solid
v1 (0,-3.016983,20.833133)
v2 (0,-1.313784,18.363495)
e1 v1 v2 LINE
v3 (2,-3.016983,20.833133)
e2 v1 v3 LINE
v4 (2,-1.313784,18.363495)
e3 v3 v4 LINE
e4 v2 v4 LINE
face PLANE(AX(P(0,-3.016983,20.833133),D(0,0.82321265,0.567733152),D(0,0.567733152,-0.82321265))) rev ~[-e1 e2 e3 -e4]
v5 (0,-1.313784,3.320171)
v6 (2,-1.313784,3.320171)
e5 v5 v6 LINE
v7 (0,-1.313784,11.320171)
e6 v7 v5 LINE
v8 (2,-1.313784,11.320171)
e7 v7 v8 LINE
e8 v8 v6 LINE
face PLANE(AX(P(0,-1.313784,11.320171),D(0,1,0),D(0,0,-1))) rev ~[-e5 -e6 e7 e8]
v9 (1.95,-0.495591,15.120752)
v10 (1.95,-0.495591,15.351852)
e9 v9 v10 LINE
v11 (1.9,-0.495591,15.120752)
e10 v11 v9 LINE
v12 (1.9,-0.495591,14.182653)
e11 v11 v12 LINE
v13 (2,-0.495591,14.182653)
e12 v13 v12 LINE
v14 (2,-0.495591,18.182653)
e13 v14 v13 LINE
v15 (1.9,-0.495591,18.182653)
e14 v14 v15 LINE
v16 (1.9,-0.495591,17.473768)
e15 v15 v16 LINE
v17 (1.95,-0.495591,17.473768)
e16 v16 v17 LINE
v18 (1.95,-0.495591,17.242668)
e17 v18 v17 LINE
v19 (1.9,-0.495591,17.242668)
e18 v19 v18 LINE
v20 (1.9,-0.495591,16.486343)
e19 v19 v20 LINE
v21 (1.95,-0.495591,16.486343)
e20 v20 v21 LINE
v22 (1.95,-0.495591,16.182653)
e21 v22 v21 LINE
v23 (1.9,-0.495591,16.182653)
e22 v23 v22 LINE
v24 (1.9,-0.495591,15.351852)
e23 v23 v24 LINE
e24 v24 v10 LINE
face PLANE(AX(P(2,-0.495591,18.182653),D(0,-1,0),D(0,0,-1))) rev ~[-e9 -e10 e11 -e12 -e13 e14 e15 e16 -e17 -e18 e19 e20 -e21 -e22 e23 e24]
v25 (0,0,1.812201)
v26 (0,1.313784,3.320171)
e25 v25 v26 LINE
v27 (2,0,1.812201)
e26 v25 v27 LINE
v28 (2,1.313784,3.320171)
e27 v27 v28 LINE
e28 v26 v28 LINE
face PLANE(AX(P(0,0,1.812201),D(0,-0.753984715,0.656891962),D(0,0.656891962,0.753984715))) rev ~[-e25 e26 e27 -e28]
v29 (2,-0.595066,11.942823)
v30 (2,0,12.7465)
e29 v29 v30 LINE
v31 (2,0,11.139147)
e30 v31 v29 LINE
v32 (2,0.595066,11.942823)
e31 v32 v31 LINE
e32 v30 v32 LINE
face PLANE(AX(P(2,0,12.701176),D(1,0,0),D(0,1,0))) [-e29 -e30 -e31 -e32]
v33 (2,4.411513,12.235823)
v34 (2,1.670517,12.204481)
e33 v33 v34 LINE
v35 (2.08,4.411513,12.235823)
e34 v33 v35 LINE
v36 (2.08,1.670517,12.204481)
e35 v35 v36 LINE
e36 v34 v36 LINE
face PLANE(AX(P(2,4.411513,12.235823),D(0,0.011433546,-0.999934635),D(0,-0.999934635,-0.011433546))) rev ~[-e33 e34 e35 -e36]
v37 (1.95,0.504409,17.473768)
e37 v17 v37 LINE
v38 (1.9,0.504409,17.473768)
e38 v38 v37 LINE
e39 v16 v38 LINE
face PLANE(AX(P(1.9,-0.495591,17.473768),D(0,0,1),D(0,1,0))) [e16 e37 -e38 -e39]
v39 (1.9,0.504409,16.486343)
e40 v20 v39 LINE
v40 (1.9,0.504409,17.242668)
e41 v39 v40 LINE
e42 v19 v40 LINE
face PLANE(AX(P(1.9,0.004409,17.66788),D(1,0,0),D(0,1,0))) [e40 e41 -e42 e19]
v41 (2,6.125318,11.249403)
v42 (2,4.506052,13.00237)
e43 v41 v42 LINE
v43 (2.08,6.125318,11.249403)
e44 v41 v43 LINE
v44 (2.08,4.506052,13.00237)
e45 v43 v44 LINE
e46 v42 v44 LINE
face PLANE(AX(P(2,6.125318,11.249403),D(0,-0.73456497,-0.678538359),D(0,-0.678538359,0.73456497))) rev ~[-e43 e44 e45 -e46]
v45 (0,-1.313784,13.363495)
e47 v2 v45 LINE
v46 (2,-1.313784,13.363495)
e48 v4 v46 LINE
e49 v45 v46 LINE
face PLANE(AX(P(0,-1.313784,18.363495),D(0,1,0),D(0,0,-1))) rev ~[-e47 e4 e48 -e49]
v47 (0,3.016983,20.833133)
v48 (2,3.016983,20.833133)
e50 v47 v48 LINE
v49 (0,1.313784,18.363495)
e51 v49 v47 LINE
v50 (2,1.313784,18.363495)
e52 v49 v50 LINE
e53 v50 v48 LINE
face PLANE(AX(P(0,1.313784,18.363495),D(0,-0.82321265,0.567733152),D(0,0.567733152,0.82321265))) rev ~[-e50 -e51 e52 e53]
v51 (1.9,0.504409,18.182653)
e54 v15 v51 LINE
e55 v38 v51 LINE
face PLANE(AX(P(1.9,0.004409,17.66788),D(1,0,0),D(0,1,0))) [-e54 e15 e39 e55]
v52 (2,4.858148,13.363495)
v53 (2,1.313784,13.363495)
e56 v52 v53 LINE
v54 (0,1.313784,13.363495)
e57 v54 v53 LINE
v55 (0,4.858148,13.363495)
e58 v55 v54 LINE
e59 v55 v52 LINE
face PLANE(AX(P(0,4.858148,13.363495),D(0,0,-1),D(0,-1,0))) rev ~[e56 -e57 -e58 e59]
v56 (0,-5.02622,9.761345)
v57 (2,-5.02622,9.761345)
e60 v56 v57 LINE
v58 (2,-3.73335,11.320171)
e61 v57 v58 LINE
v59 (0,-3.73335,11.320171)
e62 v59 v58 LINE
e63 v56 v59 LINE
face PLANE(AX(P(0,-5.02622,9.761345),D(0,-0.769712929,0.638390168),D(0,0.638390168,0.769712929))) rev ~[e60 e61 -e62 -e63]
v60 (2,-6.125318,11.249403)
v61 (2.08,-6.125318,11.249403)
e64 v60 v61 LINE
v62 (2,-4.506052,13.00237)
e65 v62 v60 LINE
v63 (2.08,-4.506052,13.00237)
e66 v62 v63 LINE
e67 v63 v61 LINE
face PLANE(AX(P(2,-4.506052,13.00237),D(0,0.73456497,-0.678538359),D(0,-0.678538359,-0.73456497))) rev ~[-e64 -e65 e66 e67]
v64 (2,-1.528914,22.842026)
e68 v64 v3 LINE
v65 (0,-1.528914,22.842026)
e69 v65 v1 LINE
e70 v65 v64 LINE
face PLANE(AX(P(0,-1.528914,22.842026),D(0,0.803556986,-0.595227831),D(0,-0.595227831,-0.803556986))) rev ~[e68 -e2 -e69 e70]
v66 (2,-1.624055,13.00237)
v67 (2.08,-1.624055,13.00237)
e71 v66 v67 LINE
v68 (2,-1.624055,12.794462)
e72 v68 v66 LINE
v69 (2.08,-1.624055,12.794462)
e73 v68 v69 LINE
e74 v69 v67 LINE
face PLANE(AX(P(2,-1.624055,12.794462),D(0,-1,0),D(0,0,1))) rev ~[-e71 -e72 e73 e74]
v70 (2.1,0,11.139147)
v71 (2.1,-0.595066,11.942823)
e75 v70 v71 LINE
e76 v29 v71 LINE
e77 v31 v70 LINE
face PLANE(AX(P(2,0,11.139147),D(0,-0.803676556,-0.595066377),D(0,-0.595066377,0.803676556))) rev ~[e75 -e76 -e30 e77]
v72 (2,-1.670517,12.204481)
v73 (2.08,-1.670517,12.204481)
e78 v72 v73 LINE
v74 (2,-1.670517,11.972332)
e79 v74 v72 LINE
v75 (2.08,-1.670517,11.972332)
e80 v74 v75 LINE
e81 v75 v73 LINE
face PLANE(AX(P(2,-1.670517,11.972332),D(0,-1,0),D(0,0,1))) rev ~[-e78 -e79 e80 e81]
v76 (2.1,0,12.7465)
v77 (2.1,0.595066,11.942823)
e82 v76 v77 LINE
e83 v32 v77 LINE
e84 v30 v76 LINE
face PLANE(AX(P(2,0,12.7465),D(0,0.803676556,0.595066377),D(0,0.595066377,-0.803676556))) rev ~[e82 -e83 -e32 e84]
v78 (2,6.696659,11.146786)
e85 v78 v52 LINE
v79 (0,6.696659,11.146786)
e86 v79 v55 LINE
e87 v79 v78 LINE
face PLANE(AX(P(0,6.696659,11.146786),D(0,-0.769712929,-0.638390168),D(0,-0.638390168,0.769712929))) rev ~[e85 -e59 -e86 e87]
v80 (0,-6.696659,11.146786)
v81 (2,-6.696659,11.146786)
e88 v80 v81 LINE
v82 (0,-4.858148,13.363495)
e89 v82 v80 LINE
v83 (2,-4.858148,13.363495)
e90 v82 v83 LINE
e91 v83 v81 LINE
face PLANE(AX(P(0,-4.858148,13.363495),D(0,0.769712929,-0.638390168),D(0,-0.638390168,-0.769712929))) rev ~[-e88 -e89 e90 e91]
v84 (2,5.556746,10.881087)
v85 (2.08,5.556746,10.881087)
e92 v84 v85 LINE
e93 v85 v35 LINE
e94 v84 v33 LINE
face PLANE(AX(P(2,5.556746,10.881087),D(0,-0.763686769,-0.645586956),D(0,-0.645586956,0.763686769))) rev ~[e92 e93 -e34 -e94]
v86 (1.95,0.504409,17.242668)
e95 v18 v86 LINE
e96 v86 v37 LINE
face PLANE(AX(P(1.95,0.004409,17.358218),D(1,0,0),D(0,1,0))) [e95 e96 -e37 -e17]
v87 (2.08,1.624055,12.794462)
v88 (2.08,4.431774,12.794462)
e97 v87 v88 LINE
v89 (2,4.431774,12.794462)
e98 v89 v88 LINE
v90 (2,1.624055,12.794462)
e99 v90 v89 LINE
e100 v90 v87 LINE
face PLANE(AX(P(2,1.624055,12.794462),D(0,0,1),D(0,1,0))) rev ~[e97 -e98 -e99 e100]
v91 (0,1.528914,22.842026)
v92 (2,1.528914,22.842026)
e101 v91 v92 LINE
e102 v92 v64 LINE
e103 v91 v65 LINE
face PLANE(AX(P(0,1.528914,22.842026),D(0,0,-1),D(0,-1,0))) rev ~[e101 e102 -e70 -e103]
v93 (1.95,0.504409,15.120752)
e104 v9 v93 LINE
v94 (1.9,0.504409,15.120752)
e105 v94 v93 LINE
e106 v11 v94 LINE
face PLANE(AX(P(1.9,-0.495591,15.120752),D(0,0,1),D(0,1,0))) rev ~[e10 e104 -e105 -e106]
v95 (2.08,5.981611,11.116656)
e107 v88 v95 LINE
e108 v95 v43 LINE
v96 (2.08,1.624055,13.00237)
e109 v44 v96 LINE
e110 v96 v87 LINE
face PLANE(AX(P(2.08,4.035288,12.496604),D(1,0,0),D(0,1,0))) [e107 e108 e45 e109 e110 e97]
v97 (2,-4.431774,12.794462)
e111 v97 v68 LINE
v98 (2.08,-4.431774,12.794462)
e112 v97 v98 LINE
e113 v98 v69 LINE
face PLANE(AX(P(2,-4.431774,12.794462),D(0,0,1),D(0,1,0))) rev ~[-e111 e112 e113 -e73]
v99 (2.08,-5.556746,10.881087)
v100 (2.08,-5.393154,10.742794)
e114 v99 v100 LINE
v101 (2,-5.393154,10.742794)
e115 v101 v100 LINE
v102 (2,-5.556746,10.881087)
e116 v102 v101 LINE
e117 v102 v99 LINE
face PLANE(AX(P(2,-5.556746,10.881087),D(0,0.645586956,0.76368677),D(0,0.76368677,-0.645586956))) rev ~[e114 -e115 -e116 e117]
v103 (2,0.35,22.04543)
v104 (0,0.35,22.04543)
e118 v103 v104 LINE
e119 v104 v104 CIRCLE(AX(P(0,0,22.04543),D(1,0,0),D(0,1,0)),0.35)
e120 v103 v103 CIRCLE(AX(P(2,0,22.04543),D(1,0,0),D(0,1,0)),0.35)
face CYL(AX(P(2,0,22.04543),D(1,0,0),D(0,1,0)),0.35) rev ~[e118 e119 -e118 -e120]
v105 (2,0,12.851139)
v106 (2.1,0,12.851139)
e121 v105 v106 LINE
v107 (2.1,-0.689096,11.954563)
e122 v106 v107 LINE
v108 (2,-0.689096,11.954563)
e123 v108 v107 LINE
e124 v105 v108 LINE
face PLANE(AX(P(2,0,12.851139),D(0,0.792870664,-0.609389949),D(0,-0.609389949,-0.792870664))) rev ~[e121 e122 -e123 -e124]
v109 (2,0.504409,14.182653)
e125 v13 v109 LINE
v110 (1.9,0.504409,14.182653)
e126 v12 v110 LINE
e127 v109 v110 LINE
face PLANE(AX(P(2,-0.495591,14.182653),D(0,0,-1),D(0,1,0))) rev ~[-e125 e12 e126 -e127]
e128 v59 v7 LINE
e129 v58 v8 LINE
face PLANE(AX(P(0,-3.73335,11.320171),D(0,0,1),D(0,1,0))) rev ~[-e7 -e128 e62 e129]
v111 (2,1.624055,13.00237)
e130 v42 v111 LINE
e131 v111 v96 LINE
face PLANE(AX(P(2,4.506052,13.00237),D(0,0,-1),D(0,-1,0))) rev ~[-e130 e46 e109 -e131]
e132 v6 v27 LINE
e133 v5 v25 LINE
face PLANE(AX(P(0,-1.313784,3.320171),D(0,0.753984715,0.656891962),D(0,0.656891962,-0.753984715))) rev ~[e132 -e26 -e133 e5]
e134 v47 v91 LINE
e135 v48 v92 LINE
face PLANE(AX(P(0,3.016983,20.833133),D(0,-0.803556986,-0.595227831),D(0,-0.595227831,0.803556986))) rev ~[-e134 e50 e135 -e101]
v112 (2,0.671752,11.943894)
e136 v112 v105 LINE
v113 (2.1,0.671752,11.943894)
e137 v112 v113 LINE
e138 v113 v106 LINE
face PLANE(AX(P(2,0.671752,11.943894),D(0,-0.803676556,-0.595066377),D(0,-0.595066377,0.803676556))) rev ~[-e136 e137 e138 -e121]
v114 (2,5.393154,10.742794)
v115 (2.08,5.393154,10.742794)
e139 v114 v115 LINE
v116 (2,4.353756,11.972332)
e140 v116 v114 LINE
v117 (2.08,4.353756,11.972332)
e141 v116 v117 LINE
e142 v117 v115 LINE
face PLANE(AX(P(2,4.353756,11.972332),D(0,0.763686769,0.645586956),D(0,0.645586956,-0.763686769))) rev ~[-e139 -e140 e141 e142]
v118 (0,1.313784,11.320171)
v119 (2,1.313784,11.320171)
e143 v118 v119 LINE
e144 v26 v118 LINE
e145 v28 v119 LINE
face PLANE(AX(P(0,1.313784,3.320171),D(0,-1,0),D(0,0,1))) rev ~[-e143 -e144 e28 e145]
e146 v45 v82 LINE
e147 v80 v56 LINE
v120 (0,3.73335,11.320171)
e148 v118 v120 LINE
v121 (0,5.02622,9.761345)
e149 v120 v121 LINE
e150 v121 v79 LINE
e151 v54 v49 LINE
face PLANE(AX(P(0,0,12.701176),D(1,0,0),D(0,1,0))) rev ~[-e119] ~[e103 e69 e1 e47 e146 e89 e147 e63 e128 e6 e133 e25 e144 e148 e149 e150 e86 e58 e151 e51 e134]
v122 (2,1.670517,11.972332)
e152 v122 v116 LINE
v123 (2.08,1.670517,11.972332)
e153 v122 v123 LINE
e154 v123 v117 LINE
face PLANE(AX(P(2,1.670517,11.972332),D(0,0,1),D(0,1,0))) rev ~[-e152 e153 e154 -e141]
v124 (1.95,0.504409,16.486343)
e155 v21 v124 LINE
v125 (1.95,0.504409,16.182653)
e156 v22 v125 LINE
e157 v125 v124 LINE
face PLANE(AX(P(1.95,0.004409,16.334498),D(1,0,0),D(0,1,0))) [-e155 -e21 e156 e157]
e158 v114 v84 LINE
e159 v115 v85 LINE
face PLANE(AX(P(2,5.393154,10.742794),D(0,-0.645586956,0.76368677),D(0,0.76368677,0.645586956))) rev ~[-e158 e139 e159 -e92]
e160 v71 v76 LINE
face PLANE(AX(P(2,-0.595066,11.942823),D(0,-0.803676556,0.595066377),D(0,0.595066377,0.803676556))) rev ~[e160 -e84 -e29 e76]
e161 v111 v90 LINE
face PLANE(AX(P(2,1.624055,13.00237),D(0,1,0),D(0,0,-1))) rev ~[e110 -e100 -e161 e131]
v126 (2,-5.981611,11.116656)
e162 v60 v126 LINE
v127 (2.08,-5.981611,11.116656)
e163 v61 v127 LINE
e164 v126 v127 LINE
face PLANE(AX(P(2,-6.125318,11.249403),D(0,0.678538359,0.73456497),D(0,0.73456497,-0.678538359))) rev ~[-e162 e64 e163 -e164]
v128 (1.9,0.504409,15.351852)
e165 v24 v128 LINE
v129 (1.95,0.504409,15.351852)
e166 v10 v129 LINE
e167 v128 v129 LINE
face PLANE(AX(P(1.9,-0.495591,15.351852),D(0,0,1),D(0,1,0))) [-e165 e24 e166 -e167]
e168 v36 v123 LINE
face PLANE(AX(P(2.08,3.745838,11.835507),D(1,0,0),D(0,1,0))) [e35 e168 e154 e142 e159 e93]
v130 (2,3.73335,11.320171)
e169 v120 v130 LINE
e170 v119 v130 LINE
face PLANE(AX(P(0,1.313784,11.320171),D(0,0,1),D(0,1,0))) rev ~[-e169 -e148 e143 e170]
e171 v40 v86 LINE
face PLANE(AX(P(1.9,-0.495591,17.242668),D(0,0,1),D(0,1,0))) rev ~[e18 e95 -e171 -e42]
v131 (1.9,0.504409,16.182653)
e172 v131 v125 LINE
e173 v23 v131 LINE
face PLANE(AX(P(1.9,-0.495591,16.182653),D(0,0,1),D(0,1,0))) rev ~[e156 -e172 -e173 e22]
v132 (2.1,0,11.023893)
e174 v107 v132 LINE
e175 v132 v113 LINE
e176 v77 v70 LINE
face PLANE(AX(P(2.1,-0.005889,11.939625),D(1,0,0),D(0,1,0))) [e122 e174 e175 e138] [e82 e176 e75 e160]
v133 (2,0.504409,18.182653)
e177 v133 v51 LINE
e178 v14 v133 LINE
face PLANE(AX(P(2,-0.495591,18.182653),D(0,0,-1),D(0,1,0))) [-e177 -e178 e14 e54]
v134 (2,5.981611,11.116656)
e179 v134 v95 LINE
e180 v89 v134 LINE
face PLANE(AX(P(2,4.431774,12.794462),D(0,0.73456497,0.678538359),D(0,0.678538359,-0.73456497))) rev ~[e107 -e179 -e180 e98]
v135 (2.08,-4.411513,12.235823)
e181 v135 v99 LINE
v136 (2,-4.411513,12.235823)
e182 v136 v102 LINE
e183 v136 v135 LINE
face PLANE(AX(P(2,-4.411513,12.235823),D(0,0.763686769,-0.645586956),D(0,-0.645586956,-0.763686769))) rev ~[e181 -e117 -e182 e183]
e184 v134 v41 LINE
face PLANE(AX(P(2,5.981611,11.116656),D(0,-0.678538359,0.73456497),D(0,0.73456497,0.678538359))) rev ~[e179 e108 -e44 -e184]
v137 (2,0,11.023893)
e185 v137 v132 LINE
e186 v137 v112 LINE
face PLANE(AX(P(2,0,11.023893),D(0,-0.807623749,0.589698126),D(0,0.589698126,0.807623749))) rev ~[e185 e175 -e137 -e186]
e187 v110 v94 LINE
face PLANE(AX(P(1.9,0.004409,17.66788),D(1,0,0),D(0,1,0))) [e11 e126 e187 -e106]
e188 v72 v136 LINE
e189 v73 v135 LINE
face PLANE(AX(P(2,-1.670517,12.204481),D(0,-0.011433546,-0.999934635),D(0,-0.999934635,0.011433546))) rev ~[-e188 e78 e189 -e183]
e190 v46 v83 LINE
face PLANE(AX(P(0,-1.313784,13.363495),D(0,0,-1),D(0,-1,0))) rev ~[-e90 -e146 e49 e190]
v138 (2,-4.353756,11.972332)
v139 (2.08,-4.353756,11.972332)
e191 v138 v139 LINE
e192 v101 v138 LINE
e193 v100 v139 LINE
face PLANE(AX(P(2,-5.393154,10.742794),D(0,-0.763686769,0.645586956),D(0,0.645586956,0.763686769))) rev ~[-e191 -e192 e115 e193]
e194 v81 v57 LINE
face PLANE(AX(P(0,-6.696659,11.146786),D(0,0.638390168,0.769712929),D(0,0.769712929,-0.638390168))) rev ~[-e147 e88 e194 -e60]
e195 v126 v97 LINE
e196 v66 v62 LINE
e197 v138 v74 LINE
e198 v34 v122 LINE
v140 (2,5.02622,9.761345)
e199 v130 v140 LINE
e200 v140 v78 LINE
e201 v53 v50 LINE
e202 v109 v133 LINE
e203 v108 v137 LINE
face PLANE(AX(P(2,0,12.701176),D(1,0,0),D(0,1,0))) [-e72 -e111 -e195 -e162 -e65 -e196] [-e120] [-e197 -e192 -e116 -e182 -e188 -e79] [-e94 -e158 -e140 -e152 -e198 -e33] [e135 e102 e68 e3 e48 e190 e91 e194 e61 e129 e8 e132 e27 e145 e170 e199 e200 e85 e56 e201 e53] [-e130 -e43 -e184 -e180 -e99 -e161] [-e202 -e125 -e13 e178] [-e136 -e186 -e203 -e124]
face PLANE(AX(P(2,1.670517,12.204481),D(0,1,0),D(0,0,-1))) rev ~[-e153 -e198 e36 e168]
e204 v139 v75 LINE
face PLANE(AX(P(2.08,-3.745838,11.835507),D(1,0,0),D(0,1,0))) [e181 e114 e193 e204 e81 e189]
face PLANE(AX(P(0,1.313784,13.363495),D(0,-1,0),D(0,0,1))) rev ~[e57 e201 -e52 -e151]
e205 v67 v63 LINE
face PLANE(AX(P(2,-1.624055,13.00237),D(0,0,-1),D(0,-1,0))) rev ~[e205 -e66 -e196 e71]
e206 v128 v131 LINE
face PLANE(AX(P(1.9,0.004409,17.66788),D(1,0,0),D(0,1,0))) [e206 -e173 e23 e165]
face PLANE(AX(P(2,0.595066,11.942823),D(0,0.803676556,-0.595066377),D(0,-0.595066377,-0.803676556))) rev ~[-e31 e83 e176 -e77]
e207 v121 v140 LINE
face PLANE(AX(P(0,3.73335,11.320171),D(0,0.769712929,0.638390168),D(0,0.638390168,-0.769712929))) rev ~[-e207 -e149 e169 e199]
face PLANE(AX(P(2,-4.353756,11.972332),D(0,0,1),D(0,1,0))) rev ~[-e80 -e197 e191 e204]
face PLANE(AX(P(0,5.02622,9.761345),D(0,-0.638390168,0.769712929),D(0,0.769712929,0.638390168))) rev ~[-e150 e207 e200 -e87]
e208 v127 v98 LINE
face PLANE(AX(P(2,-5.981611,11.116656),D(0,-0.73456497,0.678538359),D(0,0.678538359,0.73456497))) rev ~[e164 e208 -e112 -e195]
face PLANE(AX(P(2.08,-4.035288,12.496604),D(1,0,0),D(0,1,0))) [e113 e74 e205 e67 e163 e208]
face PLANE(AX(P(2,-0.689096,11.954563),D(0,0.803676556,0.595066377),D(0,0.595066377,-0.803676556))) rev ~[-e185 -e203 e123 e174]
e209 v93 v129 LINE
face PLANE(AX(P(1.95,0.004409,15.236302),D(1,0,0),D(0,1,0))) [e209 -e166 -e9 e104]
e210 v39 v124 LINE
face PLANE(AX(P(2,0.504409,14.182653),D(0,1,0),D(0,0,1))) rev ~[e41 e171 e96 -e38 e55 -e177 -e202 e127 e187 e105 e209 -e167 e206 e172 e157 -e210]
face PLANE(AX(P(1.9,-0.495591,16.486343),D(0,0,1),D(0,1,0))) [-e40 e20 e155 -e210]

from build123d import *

# Parameters (mm, degrees)
F1_DEPTH  = 2
F2_R      = 0.35
F3_DEPTH  = 25
F4_W      = 1
F4_H      = 1.0295459899
F4_H_2    = 1.2896113173
F4_H_3    = 0.8533134981
F4_H_4    = 0.8275291947
F5_DEPTH  = 0.1
F6_W      = 1
F6_H      = 0.3036903766
F6_H_2    = 0.2311002463
F7_DEPTH  = 0.05
F9_DEPTH  = 0.1
F11_DEPTH = 0.4
F13_DEPTH = 0.15
F15_DEPTH = 0.08
F17_DEPTH = 0.08


with BuildPart() as f1:
    # F0 (on Right) → F1 (new body)
    with BuildSketch(Plane.YZ):
        Polygon((1.5289138055, 22.8420257282), (-1.5289138055, 22.8420257282), (-3.0169833821, 20.8331332634), (-1.3137839247, 18.3634953125), (-1.3137839247, 13.3634953125), (-4.8581478186, 13.3634953125), (-6.6966588007, 11.1467856193), (-5.026220344, 9.7613450914), (-3.7333500412, 11.3201707717), (-1.3137839247, 11.3201707717), (-1.3137839247, 3.3201707717), (0, 1.8122013425), (1.3137839247, 3.3201707717), (1.3137839247, 11.3201707717), (3.7333500412, 11.3201707717), (5.026220344, 9.7613450914), (6.6966588007, 11.1467856193), (4.8581478186, 13.3634953125), (1.3137839247, 13.3634953125), (1.3137839247, 18.3634953125), (3.0169833821, 20.8331332634), align=None)
    extrude(amount=F1_DEPTH)

    # F2 (on face) → F3 (cut)
    with BuildSketch(Plane.YZ.offset(2)):
        with Locations((0, 22.045429796)):
            Circle(F2_R)
    extrude(amount=-F3_DEPTH, mode=Mode.SUBTRACT)

    # F4 (on face) → F5 (cut)
    with BuildSketch(Plane.YZ.offset(2)):
        with Locations((0.0044090512, 17.6678796248)):
            Rectangle(F4_W, F4_H)
        with Locations((0.0044090512, 16.5083009712)):
            Rectangle(F4_W, F4_H_2)
        with Locations((0.0044090512, 15.4368385635)):
            Rectangle(F4_W, F4_H_3)
        with Locations((0.0044090512, 14.5964172171)):
            Rectangle(F4_W, F4_H_4)
    extrude(amount=-F5_DEPTH, mode=Mode.SUBTRACT)

    # F6 (on face) → F7 (join)
    with BuildSketch(Plane.YZ.offset(1.9)):
        with Locations((0.0044090512, 16.3344978081)):
            Rectangle(F6_W, F6_H)
        with Locations((0.0044090512, 15.2363022789)):
            Rectangle(F6_W, F6_H_2)
        with Locations((0.0044090512, 17.3582183197)):
            Rectangle(F6_W, F6_H_2)
    extrude(amount=F7_DEPTH)

    # F8 (on face) → F9 (join)
    with BuildSketch(Plane.YZ.offset(2)):
        Polygon((0.6717516341, 11.9438935243), (0, 12.8511385992), (-0.6890961678, 11.9545630374), (0, 11.023893021), align=None)
        Polygon((-0.5950663771, 11.94282338), (0, 12.7464999361), (0.5950663771, 11.94282338), (0, 11.1391468239), align=None, mode=Mode.SUBTRACT)
    extrude(amount=F9_DEPTH)

    # F10 (on face) → F11 (join)
    with BuildSketch(Plane.YZ.offset(2)):
        Polygon((4.5327297412, 12.9496529698), (1.7276167603, 12.9496529698), (1.7402404919, 12.7224316821), (4.4722869851, 12.7224316821), (5.6972301676, 11.2874979167), (5.8443970047, 11.4131281152), align=None)
    extrude(amount=-F11_DEPTH)

    # F12 (on face) → F13 (join)
    with BuildSketch(Plane.YZ.offset(2)):
        Polygon((4.5460160027, 13.0201727152), (1.7085982254, 13.0201727152), (1.7085982254, 12.9053406417), (4.4910646975, 12.9053406417), (5.7453825139, 11.386025697), (5.8344381178, 11.4595483271), align=None)
    extrude(amount=-F13_DEPTH)

    # F14 (on face) → F15 (join)
    with BuildSketch(Plane.YZ.offset(2)):
        Polygon((-4.4317739084, 12.7944620326), (-1.6240546247, 12.7944620326), (-1.6240546247, 13.0023704842), (-4.5060524717, 13.0023704842), (-6.1253183521, 11.2494025379), (-5.9816107865, 11.1166558107), align=None)
        Polygon((1.6240546247, 13.0023704842), (1.6240546247, 12.7944620326), (4.4317739084, 12.7944620326), (5.9816107865, 11.1166558107), (6.1253183521, 11.2494025379), (4.5060524717, 13.0023704842), align=None)
    extrude(amount=F15_DEPTH)

    # F16 (on face) → F17 (join)
    with BuildSketch(Plane.YZ.offset(2)):
        Polygon((-1.6705167945, 11.9723323733), (-1.6705167945, 12.2044812888), (-4.411512593, 12.2358226389), (-5.5567457362, 10.8810874), (-5.3931535222, 10.742793791), (-4.353756085, 11.9723323733), align=None)
        Polygon((4.411512593, 12.2358226389), (1.6705167945, 12.2044812888), (1.6705167945, 11.9723323733), (4.353756085, 11.9723323733), (5.3931535222, 10.742793791), (5.5567457362, 10.8810874), align=None)
    extrude(amount=F17_DEPTH)


solid = f1.part
